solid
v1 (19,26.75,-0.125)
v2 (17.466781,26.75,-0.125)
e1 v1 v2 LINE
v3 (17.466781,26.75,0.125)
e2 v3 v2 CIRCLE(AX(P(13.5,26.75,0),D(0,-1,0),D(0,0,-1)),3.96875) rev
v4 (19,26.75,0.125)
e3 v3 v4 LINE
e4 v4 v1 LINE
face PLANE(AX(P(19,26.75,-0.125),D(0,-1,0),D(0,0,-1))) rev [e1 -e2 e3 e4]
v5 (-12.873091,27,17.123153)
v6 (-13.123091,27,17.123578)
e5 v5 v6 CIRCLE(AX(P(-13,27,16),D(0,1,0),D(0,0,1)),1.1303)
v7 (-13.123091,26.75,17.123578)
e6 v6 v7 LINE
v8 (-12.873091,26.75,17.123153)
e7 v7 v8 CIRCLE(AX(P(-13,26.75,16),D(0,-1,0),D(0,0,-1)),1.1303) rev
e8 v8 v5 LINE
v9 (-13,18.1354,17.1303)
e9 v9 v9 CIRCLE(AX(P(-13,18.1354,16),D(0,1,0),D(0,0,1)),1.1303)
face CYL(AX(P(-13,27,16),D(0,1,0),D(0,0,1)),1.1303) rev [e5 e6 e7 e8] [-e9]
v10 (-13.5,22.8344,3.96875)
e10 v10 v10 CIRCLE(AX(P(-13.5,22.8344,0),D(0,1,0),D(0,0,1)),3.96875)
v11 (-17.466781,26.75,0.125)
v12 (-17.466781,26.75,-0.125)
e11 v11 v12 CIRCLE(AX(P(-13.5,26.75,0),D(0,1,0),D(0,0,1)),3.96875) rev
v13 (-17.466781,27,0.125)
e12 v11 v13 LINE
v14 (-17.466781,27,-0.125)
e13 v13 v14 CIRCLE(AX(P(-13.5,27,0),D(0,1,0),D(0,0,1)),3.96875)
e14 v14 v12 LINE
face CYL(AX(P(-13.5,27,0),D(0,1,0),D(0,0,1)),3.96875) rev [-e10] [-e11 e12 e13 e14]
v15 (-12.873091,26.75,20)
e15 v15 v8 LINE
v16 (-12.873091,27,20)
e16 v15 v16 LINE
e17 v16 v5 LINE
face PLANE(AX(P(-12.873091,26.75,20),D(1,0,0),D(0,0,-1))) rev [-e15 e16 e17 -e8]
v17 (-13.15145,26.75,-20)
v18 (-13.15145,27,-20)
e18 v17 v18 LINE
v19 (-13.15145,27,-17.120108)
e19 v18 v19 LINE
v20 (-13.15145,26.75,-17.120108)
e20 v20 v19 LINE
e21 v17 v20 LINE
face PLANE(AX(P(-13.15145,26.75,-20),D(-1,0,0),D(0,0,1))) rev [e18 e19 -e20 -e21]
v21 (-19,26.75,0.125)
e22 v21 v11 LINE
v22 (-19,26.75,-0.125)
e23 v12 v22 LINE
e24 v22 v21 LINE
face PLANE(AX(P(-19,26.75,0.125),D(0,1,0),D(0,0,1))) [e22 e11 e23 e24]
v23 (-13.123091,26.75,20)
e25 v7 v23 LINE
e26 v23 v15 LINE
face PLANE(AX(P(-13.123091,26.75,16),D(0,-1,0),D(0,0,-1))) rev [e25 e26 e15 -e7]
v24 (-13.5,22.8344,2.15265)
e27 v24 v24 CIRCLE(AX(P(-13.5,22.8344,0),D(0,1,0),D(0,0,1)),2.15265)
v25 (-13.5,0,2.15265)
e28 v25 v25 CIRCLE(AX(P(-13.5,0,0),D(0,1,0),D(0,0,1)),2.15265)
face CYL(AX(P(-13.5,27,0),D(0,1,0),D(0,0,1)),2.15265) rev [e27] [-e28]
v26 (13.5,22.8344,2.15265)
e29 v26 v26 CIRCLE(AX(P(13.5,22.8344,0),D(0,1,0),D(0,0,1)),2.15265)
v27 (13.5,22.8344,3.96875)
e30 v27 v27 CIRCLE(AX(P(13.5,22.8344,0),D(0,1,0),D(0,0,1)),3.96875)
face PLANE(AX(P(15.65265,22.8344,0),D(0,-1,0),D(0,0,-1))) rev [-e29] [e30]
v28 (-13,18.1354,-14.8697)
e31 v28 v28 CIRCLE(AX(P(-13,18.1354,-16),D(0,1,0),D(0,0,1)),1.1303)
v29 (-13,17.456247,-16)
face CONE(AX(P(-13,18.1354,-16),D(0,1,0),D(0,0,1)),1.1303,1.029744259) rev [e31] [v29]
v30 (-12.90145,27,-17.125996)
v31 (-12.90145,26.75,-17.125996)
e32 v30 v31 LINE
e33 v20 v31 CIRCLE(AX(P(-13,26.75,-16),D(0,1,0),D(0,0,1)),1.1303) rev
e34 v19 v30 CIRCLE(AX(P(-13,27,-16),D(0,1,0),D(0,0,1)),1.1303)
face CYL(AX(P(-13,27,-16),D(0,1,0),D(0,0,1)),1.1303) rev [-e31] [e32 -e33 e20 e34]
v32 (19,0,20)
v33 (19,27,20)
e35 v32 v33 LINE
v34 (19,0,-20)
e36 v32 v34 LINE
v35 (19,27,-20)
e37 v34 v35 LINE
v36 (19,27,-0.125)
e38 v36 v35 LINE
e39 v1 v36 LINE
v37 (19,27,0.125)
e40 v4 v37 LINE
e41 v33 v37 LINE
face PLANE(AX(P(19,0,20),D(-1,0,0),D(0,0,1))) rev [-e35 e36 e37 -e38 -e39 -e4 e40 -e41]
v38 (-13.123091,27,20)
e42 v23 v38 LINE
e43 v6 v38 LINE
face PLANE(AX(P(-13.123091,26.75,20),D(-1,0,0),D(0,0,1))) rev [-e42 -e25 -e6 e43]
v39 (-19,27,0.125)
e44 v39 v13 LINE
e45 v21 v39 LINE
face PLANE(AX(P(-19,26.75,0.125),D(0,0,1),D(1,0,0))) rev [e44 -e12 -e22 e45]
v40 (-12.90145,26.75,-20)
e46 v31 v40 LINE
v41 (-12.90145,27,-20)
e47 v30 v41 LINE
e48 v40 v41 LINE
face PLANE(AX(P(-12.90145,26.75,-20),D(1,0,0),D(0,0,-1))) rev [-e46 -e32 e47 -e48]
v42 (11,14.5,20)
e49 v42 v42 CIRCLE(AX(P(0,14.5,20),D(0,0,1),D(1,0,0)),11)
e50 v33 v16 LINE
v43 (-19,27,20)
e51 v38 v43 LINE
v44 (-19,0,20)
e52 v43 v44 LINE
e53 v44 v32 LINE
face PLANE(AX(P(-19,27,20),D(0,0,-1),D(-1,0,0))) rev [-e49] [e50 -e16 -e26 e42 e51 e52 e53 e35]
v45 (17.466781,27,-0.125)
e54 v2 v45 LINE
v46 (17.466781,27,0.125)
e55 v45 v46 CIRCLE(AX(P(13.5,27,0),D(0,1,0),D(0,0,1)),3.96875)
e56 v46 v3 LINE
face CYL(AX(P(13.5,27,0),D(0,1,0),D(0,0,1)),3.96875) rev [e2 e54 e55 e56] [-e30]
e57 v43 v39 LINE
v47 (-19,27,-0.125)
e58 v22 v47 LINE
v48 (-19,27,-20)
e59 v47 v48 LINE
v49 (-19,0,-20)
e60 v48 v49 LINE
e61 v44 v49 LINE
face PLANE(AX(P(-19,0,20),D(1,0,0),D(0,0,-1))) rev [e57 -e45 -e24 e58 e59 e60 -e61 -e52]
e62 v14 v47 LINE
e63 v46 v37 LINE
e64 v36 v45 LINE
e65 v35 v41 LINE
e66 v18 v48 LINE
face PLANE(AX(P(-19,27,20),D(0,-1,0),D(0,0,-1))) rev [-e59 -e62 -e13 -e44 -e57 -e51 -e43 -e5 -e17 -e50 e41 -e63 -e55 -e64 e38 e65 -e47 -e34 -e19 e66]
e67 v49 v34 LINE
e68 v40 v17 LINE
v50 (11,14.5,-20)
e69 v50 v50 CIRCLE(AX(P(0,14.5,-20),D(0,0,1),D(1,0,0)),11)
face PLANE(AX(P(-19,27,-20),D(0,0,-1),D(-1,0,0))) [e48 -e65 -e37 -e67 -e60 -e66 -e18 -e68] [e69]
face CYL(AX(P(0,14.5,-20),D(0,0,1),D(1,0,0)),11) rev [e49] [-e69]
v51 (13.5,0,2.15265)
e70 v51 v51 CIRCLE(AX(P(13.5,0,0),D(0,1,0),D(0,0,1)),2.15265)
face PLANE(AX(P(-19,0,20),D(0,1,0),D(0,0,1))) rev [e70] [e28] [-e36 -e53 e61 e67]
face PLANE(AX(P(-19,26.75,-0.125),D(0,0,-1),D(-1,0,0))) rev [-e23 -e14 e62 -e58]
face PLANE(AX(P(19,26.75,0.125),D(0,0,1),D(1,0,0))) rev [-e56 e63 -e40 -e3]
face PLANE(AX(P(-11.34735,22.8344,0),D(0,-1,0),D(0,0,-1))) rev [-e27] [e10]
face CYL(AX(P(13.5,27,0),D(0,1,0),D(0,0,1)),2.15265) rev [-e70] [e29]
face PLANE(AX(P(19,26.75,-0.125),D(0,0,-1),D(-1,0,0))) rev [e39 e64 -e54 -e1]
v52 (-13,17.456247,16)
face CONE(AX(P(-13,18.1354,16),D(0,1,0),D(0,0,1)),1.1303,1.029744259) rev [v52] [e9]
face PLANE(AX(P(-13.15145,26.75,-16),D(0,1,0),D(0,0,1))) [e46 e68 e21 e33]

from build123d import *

# Parameters (mm, degrees)
SKETCH1_W                                      = 38
SKETCH1_H                                      = 27
EXTRUDE1_DEPTH                                 = 20
SKETCH2_R                                      = 11
LIGHT_WEIGHTING_HOLE_DEPTH                     = 21
LIGHT_WEIGHTING_HOLE_DEPTH_BACK                = 21
F_4_40_TAPPED_HOLE1_D                          = 2.2606
F_4_40_TAPPED_HOLE1_DEPTH                      = 8.8646
F_4_40_TAPPED_HOLE1_TIP                        = 0.679152758
CBORE_FOR_8_SOCKET_HEAD_CAP_SCREW1_D           = 4.3053
CBORE_FOR_8_SOCKET_HEAD_CAP_SCREW1_CBORE_D     = 7.9375
CBORE_FOR_8_SOCKET_HEAD_CAP_SCREW1_CBORE_DEPTH = 4.1656
SKETCH9_W                                      = 0.25
SKETCH9_H                                      = 4
SKETCH9_W_2                                    = 2.002359623
SKETCH9_H_2                                    = 0.25
SKETCH9_W_3                                    = 2.12486514
CUT_EXTRUDE1_DEPTH                             = 0.25


with BuildPart() as part:
    # Sketch1 → Extrude1 (new body, symmetric)
    with BuildSketch(Plane.XY):
        with Locations((0, 13.5)):
            Rectangle(SKETCH1_W, SKETCH1_H)
    extrude(amount=EXTRUDE1_DEPTH, both=True)

    # Sketch2 → Light-Weighting Hole (cut, two sides)
    with BuildSketch(Plane.XY) as light_weighting_hole_sk:
        with Locations((0, 14.5)):
            Circle(SKETCH2_R)
    extrude(amount=LIGHT_WEIGHTING_HOLE_DEPTH, mode=Mode.SUBTRACT)
    extrude(light_weighting_hole_sk.sketch, amount=-LIGHT_WEIGHTING_HOLE_DEPTH_BACK, mode=Mode.SUBTRACT)

    # #4-40 Tapped Hole1
    with Locations(Plane(origin=(0, 27, 0), x_dir=(-1, 0, 0), z_dir=(0, 1, 0))):
        with Locations((13, -16), (13, 16)):
            Hole(F_4_40_TAPPED_HOLE1_D / 2, depth=F_4_40_TAPPED_HOLE1_DEPTH)
            with Locations((0, 0, -(F_4_40_TAPPED_HOLE1_DEPTH + F_4_40_TAPPED_HOLE1_TIP / 2))):  # 118° drill point
                Cone(0, F_4_40_TAPPED_HOLE1_D / 2, F_4_40_TAPPED_HOLE1_TIP, mode=Mode.SUBTRACT)

    # CBORE for #8 Socket Head Cap Screw1 (through all)
    with Locations(Plane(origin=(0, 27, 0), x_dir=(-1, 0, 0), z_dir=(0, 1, 0))):
        with Locations((13.5, 0), (-13.5, 0)):
            CounterBoreHole(CBORE_FOR_8_SOCKET_HEAD_CAP_SCREW1_D / 2, CBORE_FOR_8_SOCKET_HEAD_CAP_SCREW1_CBORE_D / 2, CBORE_FOR_8_SOCKET_HEAD_CAP_SCREW1_CBORE_DEPTH)

    # Sketch9 → Cut-Extrude1 (cut)
    with BuildSketch(Plane(origin=(0, 27, 0), x_dir=(-1, 0, 0), z_dir=(0, 1, 0))):
        with Locations((13.026450264, -18)):
            Rectangle(SKETCH9_W, SKETCH9_H)
        with Locations((12.998090527, 18)):
            Rectangle(SKETCH9_W, SKETCH9_H)
        with Locations((-17.998820188, 0)):
            Rectangle(SKETCH9_W_2, SKETCH9_H_2)
        with Locations((17.93756743, 0)):
            Rectangle(SKETCH9_W_3, SKETCH9_H_2)
    extrude(amount=-CUT_EXTRUDE1_DEPTH, mode=Mode.SUBTRACT)


solid = part.part
